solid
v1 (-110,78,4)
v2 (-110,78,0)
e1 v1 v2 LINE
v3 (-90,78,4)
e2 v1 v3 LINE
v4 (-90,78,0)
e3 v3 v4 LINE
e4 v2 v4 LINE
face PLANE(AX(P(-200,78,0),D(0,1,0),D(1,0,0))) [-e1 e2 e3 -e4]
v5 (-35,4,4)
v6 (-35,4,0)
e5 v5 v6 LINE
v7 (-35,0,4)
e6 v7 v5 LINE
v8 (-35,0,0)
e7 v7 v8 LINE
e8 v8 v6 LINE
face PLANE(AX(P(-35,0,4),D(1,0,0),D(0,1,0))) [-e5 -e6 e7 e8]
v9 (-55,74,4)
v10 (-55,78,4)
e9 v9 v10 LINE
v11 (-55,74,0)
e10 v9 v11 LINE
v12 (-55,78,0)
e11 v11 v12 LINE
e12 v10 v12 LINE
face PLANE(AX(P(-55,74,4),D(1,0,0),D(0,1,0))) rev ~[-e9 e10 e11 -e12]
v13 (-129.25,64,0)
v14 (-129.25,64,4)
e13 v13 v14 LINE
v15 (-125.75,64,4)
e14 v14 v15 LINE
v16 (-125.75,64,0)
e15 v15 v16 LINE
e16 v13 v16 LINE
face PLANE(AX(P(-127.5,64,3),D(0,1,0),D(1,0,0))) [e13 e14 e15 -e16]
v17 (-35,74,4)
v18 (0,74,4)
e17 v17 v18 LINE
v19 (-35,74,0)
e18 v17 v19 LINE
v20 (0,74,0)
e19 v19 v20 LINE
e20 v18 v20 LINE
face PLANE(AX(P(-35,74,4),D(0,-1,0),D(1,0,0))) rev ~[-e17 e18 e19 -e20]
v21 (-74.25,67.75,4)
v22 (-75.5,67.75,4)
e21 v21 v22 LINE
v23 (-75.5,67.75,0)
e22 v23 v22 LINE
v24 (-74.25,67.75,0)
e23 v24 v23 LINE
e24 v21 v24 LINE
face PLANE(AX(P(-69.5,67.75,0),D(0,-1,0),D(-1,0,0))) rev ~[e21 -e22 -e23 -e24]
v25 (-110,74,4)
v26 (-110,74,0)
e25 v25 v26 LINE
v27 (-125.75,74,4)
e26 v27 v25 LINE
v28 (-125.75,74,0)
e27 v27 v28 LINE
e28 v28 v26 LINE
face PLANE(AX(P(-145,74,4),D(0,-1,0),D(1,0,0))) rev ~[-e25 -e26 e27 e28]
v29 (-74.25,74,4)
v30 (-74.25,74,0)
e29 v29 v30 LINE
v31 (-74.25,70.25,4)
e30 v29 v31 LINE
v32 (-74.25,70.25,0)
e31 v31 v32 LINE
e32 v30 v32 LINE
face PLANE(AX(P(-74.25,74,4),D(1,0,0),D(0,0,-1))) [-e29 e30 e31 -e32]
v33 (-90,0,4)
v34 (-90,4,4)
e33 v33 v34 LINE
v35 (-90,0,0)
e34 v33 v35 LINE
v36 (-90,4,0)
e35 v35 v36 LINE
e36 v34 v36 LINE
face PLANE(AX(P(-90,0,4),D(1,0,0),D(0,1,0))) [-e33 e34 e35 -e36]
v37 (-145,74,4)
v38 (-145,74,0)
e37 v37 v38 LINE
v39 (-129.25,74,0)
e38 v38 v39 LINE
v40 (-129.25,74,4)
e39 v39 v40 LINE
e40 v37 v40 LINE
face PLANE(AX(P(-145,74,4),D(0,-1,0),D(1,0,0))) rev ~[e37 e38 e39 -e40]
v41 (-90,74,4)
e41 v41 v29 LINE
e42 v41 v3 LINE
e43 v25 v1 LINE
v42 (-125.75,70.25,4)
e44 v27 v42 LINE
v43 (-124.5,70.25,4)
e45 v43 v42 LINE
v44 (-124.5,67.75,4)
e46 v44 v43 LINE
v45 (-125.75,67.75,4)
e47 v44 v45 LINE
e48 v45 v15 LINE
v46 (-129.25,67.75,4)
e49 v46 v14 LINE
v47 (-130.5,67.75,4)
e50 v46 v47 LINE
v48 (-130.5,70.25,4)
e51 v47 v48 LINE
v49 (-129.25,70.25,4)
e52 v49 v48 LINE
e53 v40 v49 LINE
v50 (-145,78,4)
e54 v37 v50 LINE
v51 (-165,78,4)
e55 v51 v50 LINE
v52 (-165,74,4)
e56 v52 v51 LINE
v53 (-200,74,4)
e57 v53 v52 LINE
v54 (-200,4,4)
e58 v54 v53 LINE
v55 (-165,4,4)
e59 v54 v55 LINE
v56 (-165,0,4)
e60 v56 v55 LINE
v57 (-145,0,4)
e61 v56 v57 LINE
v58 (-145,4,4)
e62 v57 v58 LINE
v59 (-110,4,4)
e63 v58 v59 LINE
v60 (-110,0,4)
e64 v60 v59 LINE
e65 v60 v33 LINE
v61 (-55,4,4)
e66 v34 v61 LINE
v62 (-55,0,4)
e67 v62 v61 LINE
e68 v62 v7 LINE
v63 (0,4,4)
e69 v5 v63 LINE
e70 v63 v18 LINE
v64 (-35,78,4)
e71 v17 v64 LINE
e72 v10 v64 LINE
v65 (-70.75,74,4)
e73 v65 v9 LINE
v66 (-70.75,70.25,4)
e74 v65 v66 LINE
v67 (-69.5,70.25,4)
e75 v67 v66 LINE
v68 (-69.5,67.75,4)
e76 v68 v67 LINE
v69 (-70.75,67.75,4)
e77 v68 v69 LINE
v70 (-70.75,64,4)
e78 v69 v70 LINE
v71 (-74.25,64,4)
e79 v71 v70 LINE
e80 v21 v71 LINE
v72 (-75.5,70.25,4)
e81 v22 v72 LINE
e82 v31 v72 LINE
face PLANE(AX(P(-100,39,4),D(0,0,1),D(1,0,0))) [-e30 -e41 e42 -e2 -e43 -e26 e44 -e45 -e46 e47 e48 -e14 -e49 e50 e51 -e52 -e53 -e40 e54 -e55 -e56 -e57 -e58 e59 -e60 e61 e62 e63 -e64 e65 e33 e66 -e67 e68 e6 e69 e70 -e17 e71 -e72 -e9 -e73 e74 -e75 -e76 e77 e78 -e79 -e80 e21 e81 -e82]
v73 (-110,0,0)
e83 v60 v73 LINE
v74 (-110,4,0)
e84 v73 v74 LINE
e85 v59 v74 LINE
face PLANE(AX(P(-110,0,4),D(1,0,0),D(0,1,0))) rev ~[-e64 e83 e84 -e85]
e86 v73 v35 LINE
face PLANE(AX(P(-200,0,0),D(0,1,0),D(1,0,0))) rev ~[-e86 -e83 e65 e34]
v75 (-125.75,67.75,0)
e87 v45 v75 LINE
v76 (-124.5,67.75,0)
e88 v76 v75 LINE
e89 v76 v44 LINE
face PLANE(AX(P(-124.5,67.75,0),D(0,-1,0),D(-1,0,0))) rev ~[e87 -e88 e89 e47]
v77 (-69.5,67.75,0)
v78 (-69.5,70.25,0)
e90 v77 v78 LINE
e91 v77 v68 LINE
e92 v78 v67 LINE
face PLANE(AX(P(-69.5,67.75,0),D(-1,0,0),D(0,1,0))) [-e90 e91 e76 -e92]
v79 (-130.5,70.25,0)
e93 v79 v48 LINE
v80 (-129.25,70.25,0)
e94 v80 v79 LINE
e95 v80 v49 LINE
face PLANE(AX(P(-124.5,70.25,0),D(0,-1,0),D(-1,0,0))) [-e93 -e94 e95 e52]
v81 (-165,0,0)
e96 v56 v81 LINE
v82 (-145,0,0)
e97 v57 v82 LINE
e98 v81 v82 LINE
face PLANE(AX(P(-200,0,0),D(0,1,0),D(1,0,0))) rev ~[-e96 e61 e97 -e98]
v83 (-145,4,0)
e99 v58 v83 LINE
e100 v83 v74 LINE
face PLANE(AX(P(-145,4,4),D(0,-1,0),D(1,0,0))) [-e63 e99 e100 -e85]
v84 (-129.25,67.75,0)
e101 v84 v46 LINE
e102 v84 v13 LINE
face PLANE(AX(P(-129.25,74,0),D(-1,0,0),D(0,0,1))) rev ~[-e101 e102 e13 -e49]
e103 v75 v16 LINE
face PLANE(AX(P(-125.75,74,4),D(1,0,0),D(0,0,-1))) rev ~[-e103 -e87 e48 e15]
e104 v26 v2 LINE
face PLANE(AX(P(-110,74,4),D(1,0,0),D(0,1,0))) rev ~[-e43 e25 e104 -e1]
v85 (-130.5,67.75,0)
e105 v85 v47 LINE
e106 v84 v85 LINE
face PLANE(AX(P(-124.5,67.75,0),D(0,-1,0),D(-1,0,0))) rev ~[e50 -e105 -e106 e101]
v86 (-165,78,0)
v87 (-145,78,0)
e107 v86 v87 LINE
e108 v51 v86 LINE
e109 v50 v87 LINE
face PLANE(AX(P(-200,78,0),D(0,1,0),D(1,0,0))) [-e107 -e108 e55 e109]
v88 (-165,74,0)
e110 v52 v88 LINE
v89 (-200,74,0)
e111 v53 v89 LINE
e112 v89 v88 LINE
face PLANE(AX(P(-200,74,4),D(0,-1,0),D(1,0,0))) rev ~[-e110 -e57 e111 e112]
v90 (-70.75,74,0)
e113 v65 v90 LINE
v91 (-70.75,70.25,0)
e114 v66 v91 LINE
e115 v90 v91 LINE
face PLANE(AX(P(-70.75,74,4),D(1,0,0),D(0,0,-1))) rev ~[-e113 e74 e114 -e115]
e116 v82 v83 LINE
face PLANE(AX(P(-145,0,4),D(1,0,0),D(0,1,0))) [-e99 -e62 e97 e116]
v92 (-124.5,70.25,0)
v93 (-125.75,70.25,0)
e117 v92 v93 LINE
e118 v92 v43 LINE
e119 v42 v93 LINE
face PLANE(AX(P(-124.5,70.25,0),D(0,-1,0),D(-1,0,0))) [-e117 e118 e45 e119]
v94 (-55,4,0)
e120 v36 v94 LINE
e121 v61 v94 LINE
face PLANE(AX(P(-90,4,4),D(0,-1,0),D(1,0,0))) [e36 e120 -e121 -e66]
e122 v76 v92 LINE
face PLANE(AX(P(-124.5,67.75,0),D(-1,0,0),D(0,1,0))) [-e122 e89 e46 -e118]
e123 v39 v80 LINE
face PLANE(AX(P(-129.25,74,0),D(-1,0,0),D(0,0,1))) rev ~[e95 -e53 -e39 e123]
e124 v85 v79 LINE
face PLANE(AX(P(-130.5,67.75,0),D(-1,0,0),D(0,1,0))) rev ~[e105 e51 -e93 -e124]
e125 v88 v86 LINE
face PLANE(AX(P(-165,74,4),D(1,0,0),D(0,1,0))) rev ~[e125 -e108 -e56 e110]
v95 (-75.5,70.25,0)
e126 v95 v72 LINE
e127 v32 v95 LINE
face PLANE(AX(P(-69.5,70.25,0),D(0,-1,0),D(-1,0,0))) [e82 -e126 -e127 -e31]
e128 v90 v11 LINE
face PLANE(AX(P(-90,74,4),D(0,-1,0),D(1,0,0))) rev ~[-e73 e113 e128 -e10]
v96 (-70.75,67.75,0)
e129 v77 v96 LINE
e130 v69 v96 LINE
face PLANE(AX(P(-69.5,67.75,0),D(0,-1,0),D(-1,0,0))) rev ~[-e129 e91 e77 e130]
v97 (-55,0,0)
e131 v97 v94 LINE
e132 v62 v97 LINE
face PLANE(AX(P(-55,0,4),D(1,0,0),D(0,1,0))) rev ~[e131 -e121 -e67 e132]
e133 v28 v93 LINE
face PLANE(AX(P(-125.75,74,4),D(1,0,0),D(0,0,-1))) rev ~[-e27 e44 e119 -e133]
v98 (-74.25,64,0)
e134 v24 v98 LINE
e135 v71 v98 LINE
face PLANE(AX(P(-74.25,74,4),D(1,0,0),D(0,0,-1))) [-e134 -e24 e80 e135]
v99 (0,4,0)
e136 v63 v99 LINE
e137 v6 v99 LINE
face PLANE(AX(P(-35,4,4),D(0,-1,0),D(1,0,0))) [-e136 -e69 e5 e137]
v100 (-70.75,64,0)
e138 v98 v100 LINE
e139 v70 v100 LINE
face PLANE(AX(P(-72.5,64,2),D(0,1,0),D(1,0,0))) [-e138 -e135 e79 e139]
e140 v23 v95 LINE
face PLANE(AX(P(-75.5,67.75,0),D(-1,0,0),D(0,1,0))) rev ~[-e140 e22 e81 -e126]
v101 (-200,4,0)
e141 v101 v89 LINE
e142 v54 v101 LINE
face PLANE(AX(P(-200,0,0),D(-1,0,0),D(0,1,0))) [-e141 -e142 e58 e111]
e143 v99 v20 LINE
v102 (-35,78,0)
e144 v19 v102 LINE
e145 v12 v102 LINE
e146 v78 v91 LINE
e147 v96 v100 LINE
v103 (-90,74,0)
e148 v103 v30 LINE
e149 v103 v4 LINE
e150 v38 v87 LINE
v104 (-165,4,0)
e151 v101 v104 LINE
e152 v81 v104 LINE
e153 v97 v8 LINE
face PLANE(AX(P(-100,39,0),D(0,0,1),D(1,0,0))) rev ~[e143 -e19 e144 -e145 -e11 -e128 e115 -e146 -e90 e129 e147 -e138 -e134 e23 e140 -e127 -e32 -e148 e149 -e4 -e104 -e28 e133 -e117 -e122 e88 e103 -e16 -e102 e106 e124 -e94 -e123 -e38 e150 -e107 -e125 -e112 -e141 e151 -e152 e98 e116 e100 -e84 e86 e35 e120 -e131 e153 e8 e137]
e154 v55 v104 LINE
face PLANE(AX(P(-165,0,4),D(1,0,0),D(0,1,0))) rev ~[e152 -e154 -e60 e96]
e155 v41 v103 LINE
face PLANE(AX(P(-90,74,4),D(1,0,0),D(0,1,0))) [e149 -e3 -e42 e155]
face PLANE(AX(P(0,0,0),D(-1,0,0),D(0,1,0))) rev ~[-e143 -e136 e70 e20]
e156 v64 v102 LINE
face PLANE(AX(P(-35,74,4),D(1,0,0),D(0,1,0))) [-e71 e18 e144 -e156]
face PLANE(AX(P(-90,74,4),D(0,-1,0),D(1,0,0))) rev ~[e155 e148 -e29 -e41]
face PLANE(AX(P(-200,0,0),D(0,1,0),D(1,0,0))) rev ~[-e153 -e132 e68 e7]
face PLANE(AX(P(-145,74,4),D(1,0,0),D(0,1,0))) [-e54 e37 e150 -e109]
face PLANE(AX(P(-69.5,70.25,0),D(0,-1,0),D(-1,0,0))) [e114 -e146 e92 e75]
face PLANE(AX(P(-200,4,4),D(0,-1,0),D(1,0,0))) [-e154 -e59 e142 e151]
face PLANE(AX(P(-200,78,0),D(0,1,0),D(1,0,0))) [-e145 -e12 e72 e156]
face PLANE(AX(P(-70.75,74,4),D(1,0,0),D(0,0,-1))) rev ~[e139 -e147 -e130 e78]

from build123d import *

# Parameters (mm, degrees)
SKETCH1_W           = 200
SKETCH1_H           = 78
BOSS_EXTRUDE1_DEPTH = 4
SKETCH2_W           = 35
SKETCH2_H           = 4
CUT_EXTRUDE1_DEPTH  = 4
SKETCH4_W           = 3.5
SKETCH4_H           = 2
SKETCH4_H_2         = 4
CUT_EXTRUDE4_DEPTH  = 10
SKETCH5_W           = 6
SKETCH5_H           = 2.5
CUT_EXTRUDE5_DEPTH  = 4


with BuildPart() as part:
    # Sketch1 → Boss-Extrude1 (new body)
    with BuildSketch(Plane.XY):
        with Locations((-100, 39)):
            Rectangle(SKETCH1_W, SKETCH1_H)
    extrude(amount=BOSS_EXTRUDE1_DEPTH)

    # Sketch2 → Cut-Extrude1 (cut)
    with BuildSketch(Plane.XY.offset(4)):
        with Locations((-182.5, 76)):
            Rectangle(SKETCH2_W, SKETCH2_H)
        with Locations((-127.5, 76)):
            Rectangle(SKETCH2_W, SKETCH2_H)
        with Locations((-72.5, 76)):
            Rectangle(SKETCH2_W, SKETCH2_H)
        with Locations((-17.5, 76)):
            Rectangle(SKETCH2_W, SKETCH2_H)
        with Locations((-182.5, 2)):
            Rectangle(SKETCH2_W, SKETCH2_H)
        with Locations((-127.5, 2)):
            Rectangle(SKETCH2_W, SKETCH2_H)
        with Locations((-72.5, 2)):
            Rectangle(SKETCH2_W, SKETCH2_H)
        with Locations((-17.5, 2)):
            Rectangle(SKETCH2_W, SKETCH2_H)
    extrude(amount=-CUT_EXTRUDE1_DEPTH, mode=Mode.SUBTRACT)

    # Sketch4 → Cut-Extrude4 (cut)
    with BuildSketch(Plane(origin=(0, 74, 0), x_dir=(1, 0, 0), z_dir=(0, 1, 0))):
        with Locations((-127.5, -3)):
            Rectangle(SKETCH4_W, SKETCH4_H)
        with Locations((-127.5, -1)):
            Rectangle(SKETCH4_W, SKETCH4_H)
        with Locations((-72.5, -2)):
            Rectangle(SKETCH4_W, SKETCH4_H_2)
    extrude(amount=-CUT_EXTRUDE4_DEPTH, mode=Mode.SUBTRACT)

    # Sketch5 → Cut-Extrude5 (cut)
    with BuildSketch(Plane(origin=(0, 0, 0), x_dir=(-1, 0, 0), z_dir=(0, 0, -1))):
        with Locations((127.5, 69)):
            Rectangle(SKETCH5_W, SKETCH5_H)
        with Locations((72.5, 69)):
            Rectangle(SKETCH5_W, SKETCH5_H)
    extrude(amount=-CUT_EXTRUDE5_DEPTH, mode=Mode.SUBTRACT)


solid = part.part
